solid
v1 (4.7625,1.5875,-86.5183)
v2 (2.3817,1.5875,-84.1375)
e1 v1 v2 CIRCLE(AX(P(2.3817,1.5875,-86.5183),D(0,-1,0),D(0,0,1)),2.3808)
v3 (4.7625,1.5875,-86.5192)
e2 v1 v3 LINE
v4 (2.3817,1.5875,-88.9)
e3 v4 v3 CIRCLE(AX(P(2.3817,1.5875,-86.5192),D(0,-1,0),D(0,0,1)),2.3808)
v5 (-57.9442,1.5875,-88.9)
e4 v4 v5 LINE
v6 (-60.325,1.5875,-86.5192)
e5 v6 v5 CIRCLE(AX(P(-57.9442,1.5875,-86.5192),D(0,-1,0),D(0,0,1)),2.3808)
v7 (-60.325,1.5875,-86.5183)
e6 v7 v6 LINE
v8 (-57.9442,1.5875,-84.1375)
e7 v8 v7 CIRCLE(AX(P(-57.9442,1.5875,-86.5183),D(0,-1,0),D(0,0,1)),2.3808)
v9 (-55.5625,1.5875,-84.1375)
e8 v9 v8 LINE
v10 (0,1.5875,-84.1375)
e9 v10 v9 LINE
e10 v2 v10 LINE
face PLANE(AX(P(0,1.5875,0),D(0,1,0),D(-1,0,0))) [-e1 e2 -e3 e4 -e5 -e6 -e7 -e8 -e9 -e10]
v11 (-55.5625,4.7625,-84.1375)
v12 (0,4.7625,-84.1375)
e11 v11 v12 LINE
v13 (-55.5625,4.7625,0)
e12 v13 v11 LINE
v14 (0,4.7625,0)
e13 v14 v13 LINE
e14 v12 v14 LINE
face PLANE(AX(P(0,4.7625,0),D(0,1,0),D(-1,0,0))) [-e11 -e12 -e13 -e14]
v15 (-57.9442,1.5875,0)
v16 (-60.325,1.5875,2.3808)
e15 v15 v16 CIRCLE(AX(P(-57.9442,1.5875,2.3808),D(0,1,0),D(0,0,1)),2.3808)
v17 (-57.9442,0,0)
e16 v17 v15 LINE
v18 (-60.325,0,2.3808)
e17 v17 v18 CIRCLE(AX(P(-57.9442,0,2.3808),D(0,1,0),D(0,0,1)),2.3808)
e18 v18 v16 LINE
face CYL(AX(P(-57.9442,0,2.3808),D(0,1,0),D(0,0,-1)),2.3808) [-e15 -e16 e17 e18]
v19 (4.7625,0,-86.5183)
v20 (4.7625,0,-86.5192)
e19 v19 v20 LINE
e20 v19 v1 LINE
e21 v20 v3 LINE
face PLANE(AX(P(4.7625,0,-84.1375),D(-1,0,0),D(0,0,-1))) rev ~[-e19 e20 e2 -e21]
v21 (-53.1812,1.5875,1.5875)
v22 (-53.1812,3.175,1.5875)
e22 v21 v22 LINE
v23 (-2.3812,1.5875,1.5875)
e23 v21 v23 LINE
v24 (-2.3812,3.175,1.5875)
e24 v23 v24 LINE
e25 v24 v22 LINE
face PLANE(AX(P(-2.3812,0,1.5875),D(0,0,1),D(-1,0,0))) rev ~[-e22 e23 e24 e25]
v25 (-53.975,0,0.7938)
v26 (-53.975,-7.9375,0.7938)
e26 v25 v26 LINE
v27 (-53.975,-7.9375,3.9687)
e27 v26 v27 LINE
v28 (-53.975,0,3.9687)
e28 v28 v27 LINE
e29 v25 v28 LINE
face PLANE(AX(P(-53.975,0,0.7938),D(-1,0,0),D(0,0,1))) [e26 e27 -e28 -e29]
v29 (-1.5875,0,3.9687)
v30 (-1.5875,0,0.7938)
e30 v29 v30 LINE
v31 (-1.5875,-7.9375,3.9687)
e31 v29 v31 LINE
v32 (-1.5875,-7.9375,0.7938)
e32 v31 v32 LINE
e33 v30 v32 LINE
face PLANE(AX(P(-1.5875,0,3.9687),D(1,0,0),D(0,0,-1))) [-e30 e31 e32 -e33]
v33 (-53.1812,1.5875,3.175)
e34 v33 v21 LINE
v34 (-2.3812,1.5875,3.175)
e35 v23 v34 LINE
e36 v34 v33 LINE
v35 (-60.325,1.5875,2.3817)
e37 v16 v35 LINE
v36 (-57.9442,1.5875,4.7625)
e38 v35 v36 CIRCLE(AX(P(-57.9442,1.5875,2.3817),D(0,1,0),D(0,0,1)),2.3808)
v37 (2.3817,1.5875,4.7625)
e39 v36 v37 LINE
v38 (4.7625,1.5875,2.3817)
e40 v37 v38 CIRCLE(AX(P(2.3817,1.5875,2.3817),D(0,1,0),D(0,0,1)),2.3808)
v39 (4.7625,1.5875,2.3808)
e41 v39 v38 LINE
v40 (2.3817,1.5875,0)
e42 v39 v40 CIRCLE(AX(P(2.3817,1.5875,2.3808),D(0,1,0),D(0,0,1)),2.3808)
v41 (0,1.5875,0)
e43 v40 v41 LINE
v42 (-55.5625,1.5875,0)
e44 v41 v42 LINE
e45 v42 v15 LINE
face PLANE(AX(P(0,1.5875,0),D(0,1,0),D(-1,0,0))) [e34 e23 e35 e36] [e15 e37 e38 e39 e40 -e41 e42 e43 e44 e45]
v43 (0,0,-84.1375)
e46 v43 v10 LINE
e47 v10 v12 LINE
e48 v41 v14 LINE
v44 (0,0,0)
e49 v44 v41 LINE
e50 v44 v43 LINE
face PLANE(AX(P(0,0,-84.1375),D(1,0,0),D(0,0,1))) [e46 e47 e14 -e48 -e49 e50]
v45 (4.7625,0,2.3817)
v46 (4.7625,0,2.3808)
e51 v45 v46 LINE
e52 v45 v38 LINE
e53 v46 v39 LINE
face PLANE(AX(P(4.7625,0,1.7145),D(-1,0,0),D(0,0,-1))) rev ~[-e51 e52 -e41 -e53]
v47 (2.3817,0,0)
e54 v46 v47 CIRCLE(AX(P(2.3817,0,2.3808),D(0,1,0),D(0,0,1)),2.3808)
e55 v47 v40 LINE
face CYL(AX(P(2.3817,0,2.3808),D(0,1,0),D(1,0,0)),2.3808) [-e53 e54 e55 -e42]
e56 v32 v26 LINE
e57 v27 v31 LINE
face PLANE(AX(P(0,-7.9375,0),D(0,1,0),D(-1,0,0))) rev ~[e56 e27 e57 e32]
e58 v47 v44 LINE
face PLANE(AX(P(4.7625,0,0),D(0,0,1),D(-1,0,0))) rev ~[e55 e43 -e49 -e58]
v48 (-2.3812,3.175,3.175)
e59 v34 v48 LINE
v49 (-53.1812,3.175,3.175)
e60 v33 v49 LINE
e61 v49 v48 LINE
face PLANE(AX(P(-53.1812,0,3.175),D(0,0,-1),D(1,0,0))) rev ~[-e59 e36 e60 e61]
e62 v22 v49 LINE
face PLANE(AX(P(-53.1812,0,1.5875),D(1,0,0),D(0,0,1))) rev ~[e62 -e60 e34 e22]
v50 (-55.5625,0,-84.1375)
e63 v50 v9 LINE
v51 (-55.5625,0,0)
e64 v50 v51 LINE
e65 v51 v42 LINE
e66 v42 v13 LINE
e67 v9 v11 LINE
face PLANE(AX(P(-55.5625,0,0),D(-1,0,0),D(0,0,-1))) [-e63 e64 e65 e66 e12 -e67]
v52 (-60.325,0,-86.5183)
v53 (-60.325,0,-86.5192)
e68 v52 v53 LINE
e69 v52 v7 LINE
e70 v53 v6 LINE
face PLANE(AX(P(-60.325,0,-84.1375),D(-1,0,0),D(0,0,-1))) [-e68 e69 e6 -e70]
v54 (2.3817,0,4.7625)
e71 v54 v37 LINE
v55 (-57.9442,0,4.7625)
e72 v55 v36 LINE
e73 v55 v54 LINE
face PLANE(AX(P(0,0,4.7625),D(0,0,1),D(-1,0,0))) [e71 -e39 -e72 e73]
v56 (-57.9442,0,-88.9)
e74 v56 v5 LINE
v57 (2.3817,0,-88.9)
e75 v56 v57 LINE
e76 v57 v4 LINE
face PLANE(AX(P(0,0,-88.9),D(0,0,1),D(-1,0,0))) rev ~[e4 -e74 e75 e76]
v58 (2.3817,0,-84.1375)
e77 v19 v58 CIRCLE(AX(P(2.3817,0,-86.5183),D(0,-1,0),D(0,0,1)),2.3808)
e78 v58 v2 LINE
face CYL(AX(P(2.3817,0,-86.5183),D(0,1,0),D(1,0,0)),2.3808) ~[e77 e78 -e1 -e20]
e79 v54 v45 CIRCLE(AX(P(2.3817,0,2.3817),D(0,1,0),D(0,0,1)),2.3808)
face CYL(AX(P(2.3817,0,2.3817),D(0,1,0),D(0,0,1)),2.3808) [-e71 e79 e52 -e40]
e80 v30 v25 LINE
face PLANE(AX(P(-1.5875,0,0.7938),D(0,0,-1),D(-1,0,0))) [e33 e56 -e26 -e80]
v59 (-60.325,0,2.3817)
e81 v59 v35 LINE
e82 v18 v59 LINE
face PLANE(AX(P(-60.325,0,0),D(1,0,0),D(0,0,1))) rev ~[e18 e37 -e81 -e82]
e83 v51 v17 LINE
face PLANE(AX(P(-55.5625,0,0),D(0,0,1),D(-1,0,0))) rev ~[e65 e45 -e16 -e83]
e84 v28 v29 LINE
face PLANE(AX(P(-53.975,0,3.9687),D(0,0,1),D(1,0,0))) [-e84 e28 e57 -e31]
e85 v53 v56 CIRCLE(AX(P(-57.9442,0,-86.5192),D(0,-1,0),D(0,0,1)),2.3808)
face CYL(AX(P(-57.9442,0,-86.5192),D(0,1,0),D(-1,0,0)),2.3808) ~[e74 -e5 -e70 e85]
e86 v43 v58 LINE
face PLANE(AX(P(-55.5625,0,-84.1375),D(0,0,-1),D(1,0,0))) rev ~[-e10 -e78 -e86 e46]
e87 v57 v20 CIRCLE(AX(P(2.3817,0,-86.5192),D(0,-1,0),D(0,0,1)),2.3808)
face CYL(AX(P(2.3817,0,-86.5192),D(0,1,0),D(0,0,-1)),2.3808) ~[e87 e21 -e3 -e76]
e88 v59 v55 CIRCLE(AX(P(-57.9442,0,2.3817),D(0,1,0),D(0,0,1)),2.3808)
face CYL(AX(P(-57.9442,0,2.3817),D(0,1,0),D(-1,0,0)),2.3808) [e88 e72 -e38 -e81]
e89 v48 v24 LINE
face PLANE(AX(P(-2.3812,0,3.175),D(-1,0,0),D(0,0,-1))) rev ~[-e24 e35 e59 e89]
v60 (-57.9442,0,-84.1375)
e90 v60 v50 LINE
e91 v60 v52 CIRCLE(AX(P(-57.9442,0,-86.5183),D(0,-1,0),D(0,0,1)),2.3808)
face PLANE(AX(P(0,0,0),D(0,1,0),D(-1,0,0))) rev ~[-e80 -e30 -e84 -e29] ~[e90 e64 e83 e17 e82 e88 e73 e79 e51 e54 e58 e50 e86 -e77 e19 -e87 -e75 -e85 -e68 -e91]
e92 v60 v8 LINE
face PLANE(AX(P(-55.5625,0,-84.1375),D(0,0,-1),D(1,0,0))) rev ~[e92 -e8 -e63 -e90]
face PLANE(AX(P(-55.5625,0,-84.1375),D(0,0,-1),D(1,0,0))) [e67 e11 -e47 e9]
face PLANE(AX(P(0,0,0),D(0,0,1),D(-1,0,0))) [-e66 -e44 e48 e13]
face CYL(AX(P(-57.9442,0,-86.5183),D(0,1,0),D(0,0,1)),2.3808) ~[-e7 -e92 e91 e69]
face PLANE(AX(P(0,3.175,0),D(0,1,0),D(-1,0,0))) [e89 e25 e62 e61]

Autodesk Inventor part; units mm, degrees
ref_plane "YZ Plane" through (0, 0, 0) normal (1, 0, 0) x (0, 1, 0)
ref_plane "XZ Plane" through (0, 0, 0) normal (0, 1, 0) x (-1, 0, 0)
ref_plane "XY Plane" through (0, 0, 0) normal (0, 0, 1) x (1, 0, 0)
sketch "Sketch1" plane through (0, 0, 0) normal (0, 1, 0) x (-1, 0, 0)
  line L0 (0, 0) -> (55.5625, 0)
  line L1 (55.5625, 0) -> (55.5625, -84.1375)
  line L2 (55.5625, -84.1375) -> (0, -84.1375)
  line L3 (0, -84.1375) -> (0, 0)
  line L4 (55.5625, 0) -> (0, 0)
  line L5 (0, 0) -> (0, 4.7625)
  line L6 (0, 4.7625) -> (55.5625, 4.7625)
  line L7 (55.5625, 4.7625) -> (55.5625, 0)
  line L8 (55.5625, -84.1375) -> (0, -84.1375)
  line L9 (0, -84.1375) -> (0, -88.9)
  line L10 (0, -88.9) -> (55.5625, -88.9)
  line L11 (55.5625, -88.9) -> (55.5625, -84.1375)
  line L12 (55.5625, 4.7625) -> (60.325, 4.7625)
  line L13 (55.5625, 1.7145) -> (55.5625, 4.7625)
  line L14 (55.5625, -84.1375) -> (60.325, -84.1375)
  line L15 (60.325, -84.1375) -> (60.325, -88.9)
  line L16 (60.325, -88.9) -> (55.5625, -88.9)
  line L17 (55.5625, -88.9) -> (55.5625, -84.1375)
  line L18 (0, -84.1375) -> (-4.7625, -84.1375)
  line L19 (-4.7625, -84.1375) -> (-4.7625, -88.9)
  line L20 (-4.7625, -88.9) -> (0, -88.9)
  line L21 (0, -88.9) -> (0, -84.1375)
  line L22 (0, 4.7625) -> (-4.7625, 4.7625)
  line L23 (-4.7625, 4.7625) -> (-4.7625, 1.7145)
  line L24 (0, 1.7145) -> (0, 4.7625)
  line L25 (53.1812, 3.175) -> (2.3812, 3.175)
  line L26 (2.3812, 3.175) -> (2.3812, 1.5875)
  line L27 (2.3812, 1.5875) -> (53.1812, 1.5875)
  line L28 (53.1812, 1.5875) -> (53.1812, 3.175)
  line L29 (53.975, 3.9687) -> (1.5875, 3.9687)
  line L30 (1.5875, 3.9687) -> (1.5875, 0.7938)
  line L31 (1.5875, 0.7938) -> (53.975, 0.7938)
  line L32 (53.975, 0.7938) -> (53.975, 3.9687)
  line L33 (60.325, 4.7625) -> (55.5625, 4.7625)
  line L34 (55.5625, 4.7625) -> (55.5625, 0)
  line L35 (55.5625, 0) -> (60.325, 0)
  line L36 (60.325, 0) -> (60.325, 4.7625)
  line L37 (0, 4.7625) -> (-4.7625, 4.7625)
  line L38 (-4.7625, 4.7625) -> (-4.7625, 0)
  line L39 (-4.7625, 0) -> (0, 0)
  line L40 (0, 0) -> (0, 4.7625)
  point P0 (55.5625, 2.3813)
  point P1 (0, -88.9)
  point P2 (-4.7625, 1.7145)
  dimension "d0" = 55.5625
  dimension "d1" = 84.1375
  dimension "d2" = 55.5625
  dimension "d4" = 55.5625
  dimension "d7" = 4.7625
  dimension "d8" = 4.7625
  dimension "d9" = 4.7625
  dimension "d10" = 50.8
  dimension "d12" = 1.5875
  dimension "d13" = 1.5875
  dimension "d14" = 2.3813
  dimension "d15" = 0.7937
extrude "Extrusion1" add sketch "Sketch1" along normal blind 4.7625 contours L0 L1 L2 L3
extrude "Extrusion2" add sketch "Sketch1" along normal blind 1.5875 contours L5 L6 L7 L0 | L2 L11 L10 L9 | L9 L20 L19 L18 | L14 L15 L16 L11 | L28 L27 L26 L25 | L32 L31 L30 L29
extrude "Extrusion3" add sketch "Sketch1" along normal blind 1.5875 contours L39 L38 L23 L22 L5 | L7 L12 L36 L35
extrude "Extrusion4" add sketch "Sketch1" along normal blind 3.175 contours L28 L27 L26 L25
extrude "Extrusion5" add sketch "Sketch1" against normal blind 7.9375 contours L28 L27 L26 L25 | L32 L31 L30 L29
fillet "Fillet1" radius 2.3813 8 edges at (-60.325, 0.7937, 4.7625) (-60.325, 0.7937, 0) (4.7625, 0.7937, 4.7625) (4.7625, 0.7937, 0) (4.7625, 0.7937, -84.1375) (4.7625, 0.7937, -88.9) (-60.325, 0.7937, -88.9) (-60.325, 0.7937, -84.1375)
properties part number "LCD_Display"
